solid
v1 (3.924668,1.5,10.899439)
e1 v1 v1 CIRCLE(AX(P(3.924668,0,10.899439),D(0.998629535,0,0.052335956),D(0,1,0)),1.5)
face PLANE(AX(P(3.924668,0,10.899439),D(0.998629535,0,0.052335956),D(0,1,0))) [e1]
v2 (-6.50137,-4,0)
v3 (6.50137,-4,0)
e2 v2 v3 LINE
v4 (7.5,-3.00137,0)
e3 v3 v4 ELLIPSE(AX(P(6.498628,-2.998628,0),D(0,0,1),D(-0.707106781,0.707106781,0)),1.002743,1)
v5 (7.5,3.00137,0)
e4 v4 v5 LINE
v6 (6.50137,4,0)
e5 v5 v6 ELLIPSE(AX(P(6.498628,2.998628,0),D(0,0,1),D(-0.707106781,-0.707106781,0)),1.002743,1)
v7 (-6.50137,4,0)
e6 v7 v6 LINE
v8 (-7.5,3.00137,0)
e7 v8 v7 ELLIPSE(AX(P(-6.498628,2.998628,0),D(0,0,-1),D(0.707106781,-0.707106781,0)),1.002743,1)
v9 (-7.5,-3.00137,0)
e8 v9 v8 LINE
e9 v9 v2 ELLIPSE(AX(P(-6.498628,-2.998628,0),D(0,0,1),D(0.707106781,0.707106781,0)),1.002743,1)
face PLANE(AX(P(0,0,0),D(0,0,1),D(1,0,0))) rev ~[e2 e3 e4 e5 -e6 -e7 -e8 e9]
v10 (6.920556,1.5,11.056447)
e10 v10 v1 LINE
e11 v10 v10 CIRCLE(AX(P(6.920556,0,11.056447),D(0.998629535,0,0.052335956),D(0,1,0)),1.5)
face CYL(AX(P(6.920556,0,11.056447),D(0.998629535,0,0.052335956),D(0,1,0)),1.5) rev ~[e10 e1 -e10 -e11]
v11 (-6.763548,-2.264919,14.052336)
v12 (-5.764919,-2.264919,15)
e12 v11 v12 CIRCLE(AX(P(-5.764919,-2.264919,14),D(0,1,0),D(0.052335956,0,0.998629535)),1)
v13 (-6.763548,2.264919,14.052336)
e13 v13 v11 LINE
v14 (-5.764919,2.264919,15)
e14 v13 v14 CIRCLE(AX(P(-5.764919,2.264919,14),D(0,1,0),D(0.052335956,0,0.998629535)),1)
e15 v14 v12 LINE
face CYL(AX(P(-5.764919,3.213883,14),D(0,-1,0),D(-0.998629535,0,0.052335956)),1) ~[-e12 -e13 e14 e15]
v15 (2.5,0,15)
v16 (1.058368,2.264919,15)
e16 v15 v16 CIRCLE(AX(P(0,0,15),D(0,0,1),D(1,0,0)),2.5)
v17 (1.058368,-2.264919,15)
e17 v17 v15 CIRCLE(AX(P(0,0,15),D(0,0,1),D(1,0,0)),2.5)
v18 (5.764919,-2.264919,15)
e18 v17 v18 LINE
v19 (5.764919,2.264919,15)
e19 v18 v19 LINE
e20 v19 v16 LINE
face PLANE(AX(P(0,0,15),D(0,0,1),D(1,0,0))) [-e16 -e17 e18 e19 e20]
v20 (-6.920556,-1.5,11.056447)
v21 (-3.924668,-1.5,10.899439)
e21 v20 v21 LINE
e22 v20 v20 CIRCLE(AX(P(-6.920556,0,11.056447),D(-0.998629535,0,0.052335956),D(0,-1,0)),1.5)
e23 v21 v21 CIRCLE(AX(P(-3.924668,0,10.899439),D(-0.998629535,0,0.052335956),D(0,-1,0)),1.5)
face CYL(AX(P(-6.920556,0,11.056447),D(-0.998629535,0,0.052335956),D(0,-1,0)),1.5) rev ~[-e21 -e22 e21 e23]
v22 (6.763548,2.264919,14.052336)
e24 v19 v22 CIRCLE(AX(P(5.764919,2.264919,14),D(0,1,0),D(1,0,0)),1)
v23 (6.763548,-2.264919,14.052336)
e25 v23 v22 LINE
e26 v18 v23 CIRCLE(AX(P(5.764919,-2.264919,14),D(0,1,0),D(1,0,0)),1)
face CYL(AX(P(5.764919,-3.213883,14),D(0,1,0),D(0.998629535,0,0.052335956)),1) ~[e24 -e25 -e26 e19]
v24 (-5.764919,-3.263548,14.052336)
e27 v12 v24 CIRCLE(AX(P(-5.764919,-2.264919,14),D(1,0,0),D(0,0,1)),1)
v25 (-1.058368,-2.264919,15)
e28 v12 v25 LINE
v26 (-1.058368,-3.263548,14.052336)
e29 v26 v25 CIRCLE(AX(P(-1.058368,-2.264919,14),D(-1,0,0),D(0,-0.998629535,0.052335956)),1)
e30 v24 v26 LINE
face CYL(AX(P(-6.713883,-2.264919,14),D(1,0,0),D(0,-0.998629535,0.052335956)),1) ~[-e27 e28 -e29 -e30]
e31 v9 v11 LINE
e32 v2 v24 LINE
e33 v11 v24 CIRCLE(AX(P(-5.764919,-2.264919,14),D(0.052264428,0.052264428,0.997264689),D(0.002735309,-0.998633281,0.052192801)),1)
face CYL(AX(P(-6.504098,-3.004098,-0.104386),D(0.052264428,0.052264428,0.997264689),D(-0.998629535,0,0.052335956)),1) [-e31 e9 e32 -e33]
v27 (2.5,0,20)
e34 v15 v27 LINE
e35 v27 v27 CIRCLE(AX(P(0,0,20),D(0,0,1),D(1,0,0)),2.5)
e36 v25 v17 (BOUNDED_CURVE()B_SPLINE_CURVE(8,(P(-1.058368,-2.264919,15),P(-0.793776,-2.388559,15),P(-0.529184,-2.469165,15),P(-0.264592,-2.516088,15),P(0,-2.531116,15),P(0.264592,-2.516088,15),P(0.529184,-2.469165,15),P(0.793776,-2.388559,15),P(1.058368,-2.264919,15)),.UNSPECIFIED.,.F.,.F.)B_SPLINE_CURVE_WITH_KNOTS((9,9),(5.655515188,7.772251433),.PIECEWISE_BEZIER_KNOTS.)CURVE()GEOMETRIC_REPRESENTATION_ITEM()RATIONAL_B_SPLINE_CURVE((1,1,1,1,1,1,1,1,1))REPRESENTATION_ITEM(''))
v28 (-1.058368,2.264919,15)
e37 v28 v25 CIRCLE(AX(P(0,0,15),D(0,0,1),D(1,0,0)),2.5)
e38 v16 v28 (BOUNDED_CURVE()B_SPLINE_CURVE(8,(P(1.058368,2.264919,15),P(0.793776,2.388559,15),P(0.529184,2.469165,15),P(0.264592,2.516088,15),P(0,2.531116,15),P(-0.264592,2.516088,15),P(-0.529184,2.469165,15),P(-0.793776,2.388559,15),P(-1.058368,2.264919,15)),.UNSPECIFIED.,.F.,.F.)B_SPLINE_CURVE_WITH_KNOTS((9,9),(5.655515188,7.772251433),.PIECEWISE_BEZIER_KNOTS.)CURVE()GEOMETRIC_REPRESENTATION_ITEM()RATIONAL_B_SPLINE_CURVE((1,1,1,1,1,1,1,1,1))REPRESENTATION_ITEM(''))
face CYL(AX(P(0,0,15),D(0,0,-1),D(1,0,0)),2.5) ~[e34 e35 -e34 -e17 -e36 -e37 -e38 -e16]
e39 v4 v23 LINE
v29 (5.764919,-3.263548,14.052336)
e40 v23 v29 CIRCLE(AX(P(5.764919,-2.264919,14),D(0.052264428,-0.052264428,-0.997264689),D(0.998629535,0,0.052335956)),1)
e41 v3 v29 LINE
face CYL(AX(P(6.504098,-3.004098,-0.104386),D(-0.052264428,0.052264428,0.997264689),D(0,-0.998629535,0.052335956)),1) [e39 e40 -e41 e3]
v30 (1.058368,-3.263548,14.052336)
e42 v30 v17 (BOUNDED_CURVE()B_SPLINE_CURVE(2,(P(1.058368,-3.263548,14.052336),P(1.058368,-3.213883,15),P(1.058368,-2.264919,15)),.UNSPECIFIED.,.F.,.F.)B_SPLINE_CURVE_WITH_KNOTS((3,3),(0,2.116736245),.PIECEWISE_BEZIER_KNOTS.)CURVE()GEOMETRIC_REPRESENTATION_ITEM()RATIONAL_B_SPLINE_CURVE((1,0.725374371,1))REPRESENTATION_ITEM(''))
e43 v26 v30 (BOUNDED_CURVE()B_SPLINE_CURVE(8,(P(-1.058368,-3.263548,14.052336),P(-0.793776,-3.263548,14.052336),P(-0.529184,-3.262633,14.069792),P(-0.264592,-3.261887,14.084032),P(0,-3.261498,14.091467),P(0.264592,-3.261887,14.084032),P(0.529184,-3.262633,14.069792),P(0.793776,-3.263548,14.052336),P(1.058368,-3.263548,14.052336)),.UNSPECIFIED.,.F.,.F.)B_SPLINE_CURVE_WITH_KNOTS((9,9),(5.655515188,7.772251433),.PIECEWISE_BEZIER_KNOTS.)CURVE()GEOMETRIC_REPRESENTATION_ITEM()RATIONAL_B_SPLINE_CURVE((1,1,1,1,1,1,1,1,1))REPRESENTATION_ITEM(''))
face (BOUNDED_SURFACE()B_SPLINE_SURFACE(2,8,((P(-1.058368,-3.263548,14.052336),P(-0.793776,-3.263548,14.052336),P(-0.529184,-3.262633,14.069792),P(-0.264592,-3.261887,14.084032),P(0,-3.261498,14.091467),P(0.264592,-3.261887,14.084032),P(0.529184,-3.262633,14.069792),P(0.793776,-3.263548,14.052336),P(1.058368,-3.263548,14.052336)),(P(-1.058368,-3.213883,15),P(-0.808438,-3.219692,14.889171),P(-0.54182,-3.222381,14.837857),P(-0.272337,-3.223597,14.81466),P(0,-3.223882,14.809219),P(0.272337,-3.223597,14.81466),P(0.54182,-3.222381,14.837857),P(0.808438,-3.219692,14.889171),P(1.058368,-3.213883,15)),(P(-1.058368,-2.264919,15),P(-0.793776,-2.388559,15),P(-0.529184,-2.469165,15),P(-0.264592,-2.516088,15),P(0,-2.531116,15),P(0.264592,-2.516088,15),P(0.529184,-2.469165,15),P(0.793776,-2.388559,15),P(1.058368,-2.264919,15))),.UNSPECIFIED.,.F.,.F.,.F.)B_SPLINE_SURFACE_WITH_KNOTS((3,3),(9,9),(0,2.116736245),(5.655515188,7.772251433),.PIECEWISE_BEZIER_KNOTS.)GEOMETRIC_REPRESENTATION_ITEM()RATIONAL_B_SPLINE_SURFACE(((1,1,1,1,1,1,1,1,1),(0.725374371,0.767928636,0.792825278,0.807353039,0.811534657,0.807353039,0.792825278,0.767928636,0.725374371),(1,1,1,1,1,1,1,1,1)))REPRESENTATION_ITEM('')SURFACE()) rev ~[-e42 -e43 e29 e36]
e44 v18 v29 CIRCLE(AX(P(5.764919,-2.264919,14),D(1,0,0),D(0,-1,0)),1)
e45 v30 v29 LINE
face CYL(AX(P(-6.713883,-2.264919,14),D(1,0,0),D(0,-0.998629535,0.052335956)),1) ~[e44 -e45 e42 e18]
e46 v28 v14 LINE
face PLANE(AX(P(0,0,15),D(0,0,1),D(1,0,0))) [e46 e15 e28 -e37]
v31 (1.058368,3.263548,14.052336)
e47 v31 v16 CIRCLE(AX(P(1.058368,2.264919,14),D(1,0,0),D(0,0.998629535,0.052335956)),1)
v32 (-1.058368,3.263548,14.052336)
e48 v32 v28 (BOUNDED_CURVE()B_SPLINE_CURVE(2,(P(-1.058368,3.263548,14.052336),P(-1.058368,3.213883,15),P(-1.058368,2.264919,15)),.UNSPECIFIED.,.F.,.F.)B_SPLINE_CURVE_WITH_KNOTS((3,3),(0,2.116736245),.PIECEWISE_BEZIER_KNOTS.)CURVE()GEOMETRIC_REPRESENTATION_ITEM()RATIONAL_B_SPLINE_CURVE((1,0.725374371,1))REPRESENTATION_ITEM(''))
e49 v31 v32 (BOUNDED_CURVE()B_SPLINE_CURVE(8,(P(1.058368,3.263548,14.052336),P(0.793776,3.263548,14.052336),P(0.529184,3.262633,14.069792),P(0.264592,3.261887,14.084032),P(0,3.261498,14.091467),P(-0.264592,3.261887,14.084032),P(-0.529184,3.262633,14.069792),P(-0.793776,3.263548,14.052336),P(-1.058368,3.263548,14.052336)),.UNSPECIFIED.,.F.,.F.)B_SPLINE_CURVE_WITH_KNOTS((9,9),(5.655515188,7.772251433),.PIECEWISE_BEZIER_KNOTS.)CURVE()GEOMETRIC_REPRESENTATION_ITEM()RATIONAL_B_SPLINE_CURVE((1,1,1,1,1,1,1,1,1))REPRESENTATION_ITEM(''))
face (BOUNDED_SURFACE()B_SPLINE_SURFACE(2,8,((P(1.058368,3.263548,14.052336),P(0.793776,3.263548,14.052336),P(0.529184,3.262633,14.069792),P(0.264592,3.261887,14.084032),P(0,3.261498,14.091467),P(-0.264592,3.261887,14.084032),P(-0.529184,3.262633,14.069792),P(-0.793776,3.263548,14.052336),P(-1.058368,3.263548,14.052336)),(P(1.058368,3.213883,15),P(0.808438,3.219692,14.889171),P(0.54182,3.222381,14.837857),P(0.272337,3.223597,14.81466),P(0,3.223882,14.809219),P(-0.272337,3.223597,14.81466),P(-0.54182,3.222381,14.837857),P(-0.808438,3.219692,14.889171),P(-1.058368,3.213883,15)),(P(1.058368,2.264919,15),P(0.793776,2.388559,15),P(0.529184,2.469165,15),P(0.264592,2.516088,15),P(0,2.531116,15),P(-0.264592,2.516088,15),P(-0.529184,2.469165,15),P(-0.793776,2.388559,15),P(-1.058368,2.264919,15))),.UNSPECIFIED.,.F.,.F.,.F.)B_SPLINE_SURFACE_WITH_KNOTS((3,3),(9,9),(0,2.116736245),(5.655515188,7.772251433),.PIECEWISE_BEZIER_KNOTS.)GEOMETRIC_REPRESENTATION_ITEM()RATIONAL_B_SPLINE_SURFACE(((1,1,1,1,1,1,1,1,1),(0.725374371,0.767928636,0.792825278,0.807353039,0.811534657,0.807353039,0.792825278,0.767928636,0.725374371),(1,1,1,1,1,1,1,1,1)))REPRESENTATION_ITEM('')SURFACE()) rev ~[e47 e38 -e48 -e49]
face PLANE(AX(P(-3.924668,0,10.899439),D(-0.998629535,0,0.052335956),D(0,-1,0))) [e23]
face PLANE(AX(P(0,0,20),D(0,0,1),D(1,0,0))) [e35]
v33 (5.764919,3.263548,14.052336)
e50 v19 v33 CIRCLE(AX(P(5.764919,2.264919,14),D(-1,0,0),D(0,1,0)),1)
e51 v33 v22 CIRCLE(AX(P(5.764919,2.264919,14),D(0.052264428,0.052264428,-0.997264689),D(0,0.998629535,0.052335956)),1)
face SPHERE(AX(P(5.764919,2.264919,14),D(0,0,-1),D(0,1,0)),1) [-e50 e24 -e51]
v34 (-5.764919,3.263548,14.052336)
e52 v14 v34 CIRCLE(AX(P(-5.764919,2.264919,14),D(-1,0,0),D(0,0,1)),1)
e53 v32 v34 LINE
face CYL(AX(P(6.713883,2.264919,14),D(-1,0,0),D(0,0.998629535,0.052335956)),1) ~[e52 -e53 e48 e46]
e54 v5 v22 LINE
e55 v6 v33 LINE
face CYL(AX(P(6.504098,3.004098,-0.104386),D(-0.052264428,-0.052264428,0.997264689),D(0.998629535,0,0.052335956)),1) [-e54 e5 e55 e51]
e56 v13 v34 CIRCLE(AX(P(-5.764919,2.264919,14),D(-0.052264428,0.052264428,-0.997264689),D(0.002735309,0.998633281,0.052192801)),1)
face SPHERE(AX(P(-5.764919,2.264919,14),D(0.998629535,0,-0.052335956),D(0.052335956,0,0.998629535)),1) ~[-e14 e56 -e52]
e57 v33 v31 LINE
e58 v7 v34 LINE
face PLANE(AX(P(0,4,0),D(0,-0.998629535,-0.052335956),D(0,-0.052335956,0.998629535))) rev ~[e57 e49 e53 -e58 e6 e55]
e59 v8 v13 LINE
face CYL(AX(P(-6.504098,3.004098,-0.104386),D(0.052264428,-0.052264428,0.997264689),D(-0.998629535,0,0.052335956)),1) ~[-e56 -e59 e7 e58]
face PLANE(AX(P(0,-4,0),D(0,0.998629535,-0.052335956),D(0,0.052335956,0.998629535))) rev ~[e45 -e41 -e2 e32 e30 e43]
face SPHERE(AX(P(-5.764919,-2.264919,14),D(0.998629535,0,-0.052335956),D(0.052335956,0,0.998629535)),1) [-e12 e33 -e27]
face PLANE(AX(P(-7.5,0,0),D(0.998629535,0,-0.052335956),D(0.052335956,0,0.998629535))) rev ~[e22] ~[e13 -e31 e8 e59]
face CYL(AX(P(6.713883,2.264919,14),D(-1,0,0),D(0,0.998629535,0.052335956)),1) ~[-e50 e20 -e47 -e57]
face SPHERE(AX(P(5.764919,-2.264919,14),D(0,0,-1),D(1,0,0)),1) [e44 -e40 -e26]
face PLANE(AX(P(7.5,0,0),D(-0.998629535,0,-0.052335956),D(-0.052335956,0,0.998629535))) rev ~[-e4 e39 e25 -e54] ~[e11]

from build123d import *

# Parameters (mm, degrees)
F0_W      = 15
F0_H      = 8
F1_DEPTH  = 15
F1_TAPER  = 3
F2_R      = 2.5
F3_DEPTH  = 5
F4_R      = 1
F6_R      = 1.5
F7_DEPTH  = 1.5
F8_R      = 1.5
F9_DEPTH  = 3
F10_R     = 1.5
F11_DEPTH = 3


with BuildPart() as f1:
    # F0 (on Top) → F1 (new body)
    with BuildSketch(Plane.XY):
        Rectangle(F0_W, F0_H)
    extrude(amount=F1_DEPTH, taper=F1_TAPER)

    # F2 (on face) → F3 (join)
    with BuildSketch(Plane.XY.offset(15)):
        Circle(F2_R)
    extrude(amount=F3_DEPTH)

    # F4
    f4_edges = [f1.edges().sort_by_distance(p)[0] for p in [
        (7.106942, -3.606942, 7.5),
        (7.106942, 3.606942, 7.5),
        (0, 3.213883, 15),
        (6.713883, 0, 15),
        (0, -3.213883, 15),
        (-6.713883, 0, 15),
        (-7.106942, -3.606942, 7.5),
        (-7.106942, 3.606942, 7.5),
    ]]
    fillet(f4_edges, radius=F4_R)

    # F6 (on Right) → F7 (join, symmetric)
    with BuildSketch(Plane.YZ):
        with Locations((0, 11.0523359562)):
            Circle(F6_R)
    extrude(amount=F7_DEPTH, both=True)

    # F8 (on face) → F9 (cut)
    with BuildSketch(Plane(origin=(-7.4794571076, 0, 0.3919817373), x_dir=(0, -1, 0), z_dir=(-0.9986295348, 0, 0.0523359562))):
        with Locations((0, 10.6791009514)):
            Circle(F8_R)
    extrude(amount=-F9_DEPTH, mode=Mode.SUBTRACT)

    # F10 (on face) → F11 (cut)
    with BuildSketch(Plane(origin=(7.4794571076, 0, 0.3919817373), x_dir=(0, 1, 0), z_dir=(0.9986295348, 0, 0.0523359562))):
        with Locations((0, 10.6791009514)):
            Circle(F10_R)
    extrude(amount=-F11_DEPTH, mode=Mode.SUBTRACT)


solid = f1.part
